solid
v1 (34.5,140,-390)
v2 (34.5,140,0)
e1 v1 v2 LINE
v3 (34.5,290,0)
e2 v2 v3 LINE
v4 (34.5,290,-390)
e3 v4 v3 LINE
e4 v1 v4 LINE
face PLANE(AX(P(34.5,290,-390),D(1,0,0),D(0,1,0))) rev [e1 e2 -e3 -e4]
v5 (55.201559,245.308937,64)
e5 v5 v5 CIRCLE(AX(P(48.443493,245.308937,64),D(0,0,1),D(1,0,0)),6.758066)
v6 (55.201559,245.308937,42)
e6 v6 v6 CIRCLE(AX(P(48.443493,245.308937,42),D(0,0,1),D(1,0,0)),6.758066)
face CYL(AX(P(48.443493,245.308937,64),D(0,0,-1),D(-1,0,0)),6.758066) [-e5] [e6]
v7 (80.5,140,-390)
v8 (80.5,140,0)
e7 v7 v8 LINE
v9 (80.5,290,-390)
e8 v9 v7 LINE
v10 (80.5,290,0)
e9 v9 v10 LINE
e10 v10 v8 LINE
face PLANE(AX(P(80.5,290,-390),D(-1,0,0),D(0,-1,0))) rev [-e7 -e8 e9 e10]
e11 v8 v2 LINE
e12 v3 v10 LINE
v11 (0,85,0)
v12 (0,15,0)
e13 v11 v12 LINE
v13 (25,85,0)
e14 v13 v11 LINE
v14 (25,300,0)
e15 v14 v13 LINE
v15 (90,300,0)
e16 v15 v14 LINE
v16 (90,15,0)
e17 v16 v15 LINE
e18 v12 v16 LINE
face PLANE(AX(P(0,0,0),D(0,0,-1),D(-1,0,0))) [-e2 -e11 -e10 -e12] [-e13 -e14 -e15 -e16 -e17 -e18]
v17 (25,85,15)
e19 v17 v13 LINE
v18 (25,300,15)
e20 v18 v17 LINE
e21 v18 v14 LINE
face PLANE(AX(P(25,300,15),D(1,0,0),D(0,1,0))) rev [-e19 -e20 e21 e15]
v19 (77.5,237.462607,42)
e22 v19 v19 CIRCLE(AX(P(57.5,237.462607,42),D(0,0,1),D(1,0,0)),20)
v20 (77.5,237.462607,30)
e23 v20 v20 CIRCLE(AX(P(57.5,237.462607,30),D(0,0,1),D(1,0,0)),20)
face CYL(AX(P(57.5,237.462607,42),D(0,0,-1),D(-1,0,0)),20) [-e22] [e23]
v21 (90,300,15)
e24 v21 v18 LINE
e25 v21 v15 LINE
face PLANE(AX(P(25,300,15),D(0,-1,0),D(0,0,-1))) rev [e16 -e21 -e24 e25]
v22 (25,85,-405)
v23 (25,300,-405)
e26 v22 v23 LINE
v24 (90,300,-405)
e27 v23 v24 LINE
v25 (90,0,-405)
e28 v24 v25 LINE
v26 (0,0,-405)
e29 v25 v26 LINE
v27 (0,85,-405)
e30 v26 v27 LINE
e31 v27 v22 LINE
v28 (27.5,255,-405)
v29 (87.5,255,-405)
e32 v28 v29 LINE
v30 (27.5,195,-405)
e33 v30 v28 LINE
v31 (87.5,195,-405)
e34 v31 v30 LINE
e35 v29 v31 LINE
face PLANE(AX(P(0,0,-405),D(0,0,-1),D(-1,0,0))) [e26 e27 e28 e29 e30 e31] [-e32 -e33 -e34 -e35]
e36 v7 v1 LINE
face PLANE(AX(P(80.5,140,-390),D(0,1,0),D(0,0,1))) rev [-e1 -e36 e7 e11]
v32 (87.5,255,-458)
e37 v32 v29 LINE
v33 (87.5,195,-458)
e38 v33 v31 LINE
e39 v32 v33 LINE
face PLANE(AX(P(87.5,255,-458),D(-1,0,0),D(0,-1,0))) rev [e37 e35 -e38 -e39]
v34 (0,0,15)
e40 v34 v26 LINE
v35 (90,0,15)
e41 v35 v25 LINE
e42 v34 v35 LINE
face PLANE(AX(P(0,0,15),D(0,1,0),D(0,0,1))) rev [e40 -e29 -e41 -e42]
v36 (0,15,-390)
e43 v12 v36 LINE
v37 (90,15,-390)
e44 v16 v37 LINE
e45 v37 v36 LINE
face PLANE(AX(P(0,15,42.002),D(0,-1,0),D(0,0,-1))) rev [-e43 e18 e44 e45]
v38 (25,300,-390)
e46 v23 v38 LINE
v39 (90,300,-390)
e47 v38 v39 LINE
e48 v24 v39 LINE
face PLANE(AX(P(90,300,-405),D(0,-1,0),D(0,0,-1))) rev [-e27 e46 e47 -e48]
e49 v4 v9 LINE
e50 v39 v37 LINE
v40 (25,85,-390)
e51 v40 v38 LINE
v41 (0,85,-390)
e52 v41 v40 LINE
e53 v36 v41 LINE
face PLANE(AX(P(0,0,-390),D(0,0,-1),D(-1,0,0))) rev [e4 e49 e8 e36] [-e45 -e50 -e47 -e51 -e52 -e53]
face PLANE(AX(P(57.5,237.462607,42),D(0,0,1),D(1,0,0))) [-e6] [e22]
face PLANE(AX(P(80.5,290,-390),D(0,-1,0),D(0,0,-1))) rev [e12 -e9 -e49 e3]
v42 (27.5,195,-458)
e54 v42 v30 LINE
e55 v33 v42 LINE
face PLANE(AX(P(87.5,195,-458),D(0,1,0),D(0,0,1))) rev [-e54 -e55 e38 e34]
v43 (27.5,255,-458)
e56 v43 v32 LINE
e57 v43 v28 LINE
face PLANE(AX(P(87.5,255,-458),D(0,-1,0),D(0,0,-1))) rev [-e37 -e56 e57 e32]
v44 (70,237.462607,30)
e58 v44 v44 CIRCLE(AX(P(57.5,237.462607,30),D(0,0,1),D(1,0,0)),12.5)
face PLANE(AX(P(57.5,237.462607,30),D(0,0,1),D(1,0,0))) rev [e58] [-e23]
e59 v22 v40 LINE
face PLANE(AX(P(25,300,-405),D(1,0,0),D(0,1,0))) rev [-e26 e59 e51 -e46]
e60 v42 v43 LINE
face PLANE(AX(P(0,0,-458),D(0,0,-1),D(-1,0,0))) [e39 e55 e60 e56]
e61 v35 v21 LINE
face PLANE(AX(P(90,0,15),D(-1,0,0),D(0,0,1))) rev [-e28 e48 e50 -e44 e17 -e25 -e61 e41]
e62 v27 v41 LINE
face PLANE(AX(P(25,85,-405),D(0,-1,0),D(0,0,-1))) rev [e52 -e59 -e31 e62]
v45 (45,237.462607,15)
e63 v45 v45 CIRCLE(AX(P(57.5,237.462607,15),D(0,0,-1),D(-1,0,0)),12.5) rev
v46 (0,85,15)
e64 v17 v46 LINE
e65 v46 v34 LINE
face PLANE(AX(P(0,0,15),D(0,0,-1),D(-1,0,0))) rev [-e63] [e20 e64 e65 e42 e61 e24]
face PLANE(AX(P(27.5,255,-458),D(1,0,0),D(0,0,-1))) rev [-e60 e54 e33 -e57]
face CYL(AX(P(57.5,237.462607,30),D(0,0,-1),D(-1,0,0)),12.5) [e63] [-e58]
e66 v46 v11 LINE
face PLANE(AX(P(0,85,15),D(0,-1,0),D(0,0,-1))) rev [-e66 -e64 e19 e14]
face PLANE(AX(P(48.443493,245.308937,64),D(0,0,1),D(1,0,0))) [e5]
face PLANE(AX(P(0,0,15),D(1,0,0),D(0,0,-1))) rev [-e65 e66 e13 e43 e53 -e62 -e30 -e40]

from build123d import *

# Parameters (mm, degrees)
EXTRUDE_1_DEPTH = 15
SKETCH_2_R      = 12.5
EXTRUDE_2_DEPTH = 15
SKETCH_3_R      = 20
EXTRUDE_3_DEPTH = 12
SKETCH_4_W      = 46
SKETCH_4_H      = 150
EXTRUDE_4_DEPTH = 390
EXTRUDE_5_DEPTH = 15
SKETCH_7_W      = 60
SKETCH_7_H      = 60
EXTRUDE_6_DEPTH = 53
EXTRUDE_7_REACH = 434
SKETCH_8_W      = 90
SKETCH_8_H      = 15
SKETCH_9_R      = 6.75806605
EXTRUDE_8_DEPTH = 22


with BuildPart() as part:
    # ｽｹｯﾁ1 → ﾎﾞｽ - 押し出し1 (new body)
    with BuildSketch(Plane.XY):
        Polygon((0, 0), (90, 0), (90, 300), (25, 300), (25, 85), (0, 85), align=None)
    extrude(amount=EXTRUDE_1_DEPTH)

    # ｽｹｯﾁ2 → ﾎﾞｽ - 押し出し2 (add)
    with BuildSketch(Plane.XY.offset(15)):
        with Locations((57.5, 237.462606559)):
            Circle(SKETCH_2_R)
    extrude(amount=EXTRUDE_2_DEPTH)

    # ｽｹｯﾁ3 → ﾎﾞｽ - 押し出し3 (add)
    with BuildSketch(Plane.XY.offset(30)):
        with Locations((57.5, 237.462606559)):
            Circle(SKETCH_3_R)
    extrude(amount=EXTRUDE_3_DEPTH)

    # ｽｹｯﾁ4 → ﾎﾞｽ - 押し出し4 (add)
    with BuildSketch(Plane(origin=(0, 0, 0), x_dir=(-1, 0, 0), z_dir=(0, 0, -1))):
        with Locations((-57.5, 215)):
            Rectangle(SKETCH_4_W, SKETCH_4_H)
    extrude(amount=EXTRUDE_4_DEPTH)

    # ｽｹｯﾁ6 → ﾎﾞｽ - 押し出し5 (add)
    with BuildSketch(Plane(origin=(0, 0, -390), x_dir=(-1, 0, 0), z_dir=(0, 0, -1))):
        Polygon((-90, 300), (-25, 300), (-25, 85), (0, 85), (0, 0), (-90, 0), align=None)
    extrude(amount=EXTRUDE_5_DEPTH)

    # ｽｹｯﾁ7 → ﾎﾞｽ - 押し出し6 (add)
    with BuildSketch(Plane(origin=(0, 0, -405), x_dir=(-1, 0, 0), z_dir=(0, 0, -1))):
        with Locations((-57.5, 225)):
            Rectangle(SKETCH_7_W, SKETCH_7_H)
    extrude(amount=EXTRUDE_6_DEPTH)

    # ｽｹｯﾁ8 → ﾎﾞｽ - 押し出し7 (add, up to next)
    with BuildSketch(Plane.XY.offset(-390), mode=Mode.PRIVATE) as extrude_7_sk1:
        with Locations((45, 7.5)):
            Rectangle(SKETCH_8_W, SKETCH_8_H)
    extrude_7_tool1 = extrude(extrude_7_sk1.sketch, amount=EXTRUDE_7_REACH, mode=Mode.PRIVATE) - part.part
    add(extrude_7_tool1.solids().sort_by_distance((45, 7.5, -390))[0])

    # ｽｹｯﾁ9 → ﾎﾞｽ - 押し出し8 (add)
    with BuildSketch(Plane.XY.offset(42)):
        with Locations((48.443492705, 245.308936779)):
            Circle(SKETCH_9_R)
    extrude(amount=EXTRUDE_8_DEPTH)


solid = part.part
